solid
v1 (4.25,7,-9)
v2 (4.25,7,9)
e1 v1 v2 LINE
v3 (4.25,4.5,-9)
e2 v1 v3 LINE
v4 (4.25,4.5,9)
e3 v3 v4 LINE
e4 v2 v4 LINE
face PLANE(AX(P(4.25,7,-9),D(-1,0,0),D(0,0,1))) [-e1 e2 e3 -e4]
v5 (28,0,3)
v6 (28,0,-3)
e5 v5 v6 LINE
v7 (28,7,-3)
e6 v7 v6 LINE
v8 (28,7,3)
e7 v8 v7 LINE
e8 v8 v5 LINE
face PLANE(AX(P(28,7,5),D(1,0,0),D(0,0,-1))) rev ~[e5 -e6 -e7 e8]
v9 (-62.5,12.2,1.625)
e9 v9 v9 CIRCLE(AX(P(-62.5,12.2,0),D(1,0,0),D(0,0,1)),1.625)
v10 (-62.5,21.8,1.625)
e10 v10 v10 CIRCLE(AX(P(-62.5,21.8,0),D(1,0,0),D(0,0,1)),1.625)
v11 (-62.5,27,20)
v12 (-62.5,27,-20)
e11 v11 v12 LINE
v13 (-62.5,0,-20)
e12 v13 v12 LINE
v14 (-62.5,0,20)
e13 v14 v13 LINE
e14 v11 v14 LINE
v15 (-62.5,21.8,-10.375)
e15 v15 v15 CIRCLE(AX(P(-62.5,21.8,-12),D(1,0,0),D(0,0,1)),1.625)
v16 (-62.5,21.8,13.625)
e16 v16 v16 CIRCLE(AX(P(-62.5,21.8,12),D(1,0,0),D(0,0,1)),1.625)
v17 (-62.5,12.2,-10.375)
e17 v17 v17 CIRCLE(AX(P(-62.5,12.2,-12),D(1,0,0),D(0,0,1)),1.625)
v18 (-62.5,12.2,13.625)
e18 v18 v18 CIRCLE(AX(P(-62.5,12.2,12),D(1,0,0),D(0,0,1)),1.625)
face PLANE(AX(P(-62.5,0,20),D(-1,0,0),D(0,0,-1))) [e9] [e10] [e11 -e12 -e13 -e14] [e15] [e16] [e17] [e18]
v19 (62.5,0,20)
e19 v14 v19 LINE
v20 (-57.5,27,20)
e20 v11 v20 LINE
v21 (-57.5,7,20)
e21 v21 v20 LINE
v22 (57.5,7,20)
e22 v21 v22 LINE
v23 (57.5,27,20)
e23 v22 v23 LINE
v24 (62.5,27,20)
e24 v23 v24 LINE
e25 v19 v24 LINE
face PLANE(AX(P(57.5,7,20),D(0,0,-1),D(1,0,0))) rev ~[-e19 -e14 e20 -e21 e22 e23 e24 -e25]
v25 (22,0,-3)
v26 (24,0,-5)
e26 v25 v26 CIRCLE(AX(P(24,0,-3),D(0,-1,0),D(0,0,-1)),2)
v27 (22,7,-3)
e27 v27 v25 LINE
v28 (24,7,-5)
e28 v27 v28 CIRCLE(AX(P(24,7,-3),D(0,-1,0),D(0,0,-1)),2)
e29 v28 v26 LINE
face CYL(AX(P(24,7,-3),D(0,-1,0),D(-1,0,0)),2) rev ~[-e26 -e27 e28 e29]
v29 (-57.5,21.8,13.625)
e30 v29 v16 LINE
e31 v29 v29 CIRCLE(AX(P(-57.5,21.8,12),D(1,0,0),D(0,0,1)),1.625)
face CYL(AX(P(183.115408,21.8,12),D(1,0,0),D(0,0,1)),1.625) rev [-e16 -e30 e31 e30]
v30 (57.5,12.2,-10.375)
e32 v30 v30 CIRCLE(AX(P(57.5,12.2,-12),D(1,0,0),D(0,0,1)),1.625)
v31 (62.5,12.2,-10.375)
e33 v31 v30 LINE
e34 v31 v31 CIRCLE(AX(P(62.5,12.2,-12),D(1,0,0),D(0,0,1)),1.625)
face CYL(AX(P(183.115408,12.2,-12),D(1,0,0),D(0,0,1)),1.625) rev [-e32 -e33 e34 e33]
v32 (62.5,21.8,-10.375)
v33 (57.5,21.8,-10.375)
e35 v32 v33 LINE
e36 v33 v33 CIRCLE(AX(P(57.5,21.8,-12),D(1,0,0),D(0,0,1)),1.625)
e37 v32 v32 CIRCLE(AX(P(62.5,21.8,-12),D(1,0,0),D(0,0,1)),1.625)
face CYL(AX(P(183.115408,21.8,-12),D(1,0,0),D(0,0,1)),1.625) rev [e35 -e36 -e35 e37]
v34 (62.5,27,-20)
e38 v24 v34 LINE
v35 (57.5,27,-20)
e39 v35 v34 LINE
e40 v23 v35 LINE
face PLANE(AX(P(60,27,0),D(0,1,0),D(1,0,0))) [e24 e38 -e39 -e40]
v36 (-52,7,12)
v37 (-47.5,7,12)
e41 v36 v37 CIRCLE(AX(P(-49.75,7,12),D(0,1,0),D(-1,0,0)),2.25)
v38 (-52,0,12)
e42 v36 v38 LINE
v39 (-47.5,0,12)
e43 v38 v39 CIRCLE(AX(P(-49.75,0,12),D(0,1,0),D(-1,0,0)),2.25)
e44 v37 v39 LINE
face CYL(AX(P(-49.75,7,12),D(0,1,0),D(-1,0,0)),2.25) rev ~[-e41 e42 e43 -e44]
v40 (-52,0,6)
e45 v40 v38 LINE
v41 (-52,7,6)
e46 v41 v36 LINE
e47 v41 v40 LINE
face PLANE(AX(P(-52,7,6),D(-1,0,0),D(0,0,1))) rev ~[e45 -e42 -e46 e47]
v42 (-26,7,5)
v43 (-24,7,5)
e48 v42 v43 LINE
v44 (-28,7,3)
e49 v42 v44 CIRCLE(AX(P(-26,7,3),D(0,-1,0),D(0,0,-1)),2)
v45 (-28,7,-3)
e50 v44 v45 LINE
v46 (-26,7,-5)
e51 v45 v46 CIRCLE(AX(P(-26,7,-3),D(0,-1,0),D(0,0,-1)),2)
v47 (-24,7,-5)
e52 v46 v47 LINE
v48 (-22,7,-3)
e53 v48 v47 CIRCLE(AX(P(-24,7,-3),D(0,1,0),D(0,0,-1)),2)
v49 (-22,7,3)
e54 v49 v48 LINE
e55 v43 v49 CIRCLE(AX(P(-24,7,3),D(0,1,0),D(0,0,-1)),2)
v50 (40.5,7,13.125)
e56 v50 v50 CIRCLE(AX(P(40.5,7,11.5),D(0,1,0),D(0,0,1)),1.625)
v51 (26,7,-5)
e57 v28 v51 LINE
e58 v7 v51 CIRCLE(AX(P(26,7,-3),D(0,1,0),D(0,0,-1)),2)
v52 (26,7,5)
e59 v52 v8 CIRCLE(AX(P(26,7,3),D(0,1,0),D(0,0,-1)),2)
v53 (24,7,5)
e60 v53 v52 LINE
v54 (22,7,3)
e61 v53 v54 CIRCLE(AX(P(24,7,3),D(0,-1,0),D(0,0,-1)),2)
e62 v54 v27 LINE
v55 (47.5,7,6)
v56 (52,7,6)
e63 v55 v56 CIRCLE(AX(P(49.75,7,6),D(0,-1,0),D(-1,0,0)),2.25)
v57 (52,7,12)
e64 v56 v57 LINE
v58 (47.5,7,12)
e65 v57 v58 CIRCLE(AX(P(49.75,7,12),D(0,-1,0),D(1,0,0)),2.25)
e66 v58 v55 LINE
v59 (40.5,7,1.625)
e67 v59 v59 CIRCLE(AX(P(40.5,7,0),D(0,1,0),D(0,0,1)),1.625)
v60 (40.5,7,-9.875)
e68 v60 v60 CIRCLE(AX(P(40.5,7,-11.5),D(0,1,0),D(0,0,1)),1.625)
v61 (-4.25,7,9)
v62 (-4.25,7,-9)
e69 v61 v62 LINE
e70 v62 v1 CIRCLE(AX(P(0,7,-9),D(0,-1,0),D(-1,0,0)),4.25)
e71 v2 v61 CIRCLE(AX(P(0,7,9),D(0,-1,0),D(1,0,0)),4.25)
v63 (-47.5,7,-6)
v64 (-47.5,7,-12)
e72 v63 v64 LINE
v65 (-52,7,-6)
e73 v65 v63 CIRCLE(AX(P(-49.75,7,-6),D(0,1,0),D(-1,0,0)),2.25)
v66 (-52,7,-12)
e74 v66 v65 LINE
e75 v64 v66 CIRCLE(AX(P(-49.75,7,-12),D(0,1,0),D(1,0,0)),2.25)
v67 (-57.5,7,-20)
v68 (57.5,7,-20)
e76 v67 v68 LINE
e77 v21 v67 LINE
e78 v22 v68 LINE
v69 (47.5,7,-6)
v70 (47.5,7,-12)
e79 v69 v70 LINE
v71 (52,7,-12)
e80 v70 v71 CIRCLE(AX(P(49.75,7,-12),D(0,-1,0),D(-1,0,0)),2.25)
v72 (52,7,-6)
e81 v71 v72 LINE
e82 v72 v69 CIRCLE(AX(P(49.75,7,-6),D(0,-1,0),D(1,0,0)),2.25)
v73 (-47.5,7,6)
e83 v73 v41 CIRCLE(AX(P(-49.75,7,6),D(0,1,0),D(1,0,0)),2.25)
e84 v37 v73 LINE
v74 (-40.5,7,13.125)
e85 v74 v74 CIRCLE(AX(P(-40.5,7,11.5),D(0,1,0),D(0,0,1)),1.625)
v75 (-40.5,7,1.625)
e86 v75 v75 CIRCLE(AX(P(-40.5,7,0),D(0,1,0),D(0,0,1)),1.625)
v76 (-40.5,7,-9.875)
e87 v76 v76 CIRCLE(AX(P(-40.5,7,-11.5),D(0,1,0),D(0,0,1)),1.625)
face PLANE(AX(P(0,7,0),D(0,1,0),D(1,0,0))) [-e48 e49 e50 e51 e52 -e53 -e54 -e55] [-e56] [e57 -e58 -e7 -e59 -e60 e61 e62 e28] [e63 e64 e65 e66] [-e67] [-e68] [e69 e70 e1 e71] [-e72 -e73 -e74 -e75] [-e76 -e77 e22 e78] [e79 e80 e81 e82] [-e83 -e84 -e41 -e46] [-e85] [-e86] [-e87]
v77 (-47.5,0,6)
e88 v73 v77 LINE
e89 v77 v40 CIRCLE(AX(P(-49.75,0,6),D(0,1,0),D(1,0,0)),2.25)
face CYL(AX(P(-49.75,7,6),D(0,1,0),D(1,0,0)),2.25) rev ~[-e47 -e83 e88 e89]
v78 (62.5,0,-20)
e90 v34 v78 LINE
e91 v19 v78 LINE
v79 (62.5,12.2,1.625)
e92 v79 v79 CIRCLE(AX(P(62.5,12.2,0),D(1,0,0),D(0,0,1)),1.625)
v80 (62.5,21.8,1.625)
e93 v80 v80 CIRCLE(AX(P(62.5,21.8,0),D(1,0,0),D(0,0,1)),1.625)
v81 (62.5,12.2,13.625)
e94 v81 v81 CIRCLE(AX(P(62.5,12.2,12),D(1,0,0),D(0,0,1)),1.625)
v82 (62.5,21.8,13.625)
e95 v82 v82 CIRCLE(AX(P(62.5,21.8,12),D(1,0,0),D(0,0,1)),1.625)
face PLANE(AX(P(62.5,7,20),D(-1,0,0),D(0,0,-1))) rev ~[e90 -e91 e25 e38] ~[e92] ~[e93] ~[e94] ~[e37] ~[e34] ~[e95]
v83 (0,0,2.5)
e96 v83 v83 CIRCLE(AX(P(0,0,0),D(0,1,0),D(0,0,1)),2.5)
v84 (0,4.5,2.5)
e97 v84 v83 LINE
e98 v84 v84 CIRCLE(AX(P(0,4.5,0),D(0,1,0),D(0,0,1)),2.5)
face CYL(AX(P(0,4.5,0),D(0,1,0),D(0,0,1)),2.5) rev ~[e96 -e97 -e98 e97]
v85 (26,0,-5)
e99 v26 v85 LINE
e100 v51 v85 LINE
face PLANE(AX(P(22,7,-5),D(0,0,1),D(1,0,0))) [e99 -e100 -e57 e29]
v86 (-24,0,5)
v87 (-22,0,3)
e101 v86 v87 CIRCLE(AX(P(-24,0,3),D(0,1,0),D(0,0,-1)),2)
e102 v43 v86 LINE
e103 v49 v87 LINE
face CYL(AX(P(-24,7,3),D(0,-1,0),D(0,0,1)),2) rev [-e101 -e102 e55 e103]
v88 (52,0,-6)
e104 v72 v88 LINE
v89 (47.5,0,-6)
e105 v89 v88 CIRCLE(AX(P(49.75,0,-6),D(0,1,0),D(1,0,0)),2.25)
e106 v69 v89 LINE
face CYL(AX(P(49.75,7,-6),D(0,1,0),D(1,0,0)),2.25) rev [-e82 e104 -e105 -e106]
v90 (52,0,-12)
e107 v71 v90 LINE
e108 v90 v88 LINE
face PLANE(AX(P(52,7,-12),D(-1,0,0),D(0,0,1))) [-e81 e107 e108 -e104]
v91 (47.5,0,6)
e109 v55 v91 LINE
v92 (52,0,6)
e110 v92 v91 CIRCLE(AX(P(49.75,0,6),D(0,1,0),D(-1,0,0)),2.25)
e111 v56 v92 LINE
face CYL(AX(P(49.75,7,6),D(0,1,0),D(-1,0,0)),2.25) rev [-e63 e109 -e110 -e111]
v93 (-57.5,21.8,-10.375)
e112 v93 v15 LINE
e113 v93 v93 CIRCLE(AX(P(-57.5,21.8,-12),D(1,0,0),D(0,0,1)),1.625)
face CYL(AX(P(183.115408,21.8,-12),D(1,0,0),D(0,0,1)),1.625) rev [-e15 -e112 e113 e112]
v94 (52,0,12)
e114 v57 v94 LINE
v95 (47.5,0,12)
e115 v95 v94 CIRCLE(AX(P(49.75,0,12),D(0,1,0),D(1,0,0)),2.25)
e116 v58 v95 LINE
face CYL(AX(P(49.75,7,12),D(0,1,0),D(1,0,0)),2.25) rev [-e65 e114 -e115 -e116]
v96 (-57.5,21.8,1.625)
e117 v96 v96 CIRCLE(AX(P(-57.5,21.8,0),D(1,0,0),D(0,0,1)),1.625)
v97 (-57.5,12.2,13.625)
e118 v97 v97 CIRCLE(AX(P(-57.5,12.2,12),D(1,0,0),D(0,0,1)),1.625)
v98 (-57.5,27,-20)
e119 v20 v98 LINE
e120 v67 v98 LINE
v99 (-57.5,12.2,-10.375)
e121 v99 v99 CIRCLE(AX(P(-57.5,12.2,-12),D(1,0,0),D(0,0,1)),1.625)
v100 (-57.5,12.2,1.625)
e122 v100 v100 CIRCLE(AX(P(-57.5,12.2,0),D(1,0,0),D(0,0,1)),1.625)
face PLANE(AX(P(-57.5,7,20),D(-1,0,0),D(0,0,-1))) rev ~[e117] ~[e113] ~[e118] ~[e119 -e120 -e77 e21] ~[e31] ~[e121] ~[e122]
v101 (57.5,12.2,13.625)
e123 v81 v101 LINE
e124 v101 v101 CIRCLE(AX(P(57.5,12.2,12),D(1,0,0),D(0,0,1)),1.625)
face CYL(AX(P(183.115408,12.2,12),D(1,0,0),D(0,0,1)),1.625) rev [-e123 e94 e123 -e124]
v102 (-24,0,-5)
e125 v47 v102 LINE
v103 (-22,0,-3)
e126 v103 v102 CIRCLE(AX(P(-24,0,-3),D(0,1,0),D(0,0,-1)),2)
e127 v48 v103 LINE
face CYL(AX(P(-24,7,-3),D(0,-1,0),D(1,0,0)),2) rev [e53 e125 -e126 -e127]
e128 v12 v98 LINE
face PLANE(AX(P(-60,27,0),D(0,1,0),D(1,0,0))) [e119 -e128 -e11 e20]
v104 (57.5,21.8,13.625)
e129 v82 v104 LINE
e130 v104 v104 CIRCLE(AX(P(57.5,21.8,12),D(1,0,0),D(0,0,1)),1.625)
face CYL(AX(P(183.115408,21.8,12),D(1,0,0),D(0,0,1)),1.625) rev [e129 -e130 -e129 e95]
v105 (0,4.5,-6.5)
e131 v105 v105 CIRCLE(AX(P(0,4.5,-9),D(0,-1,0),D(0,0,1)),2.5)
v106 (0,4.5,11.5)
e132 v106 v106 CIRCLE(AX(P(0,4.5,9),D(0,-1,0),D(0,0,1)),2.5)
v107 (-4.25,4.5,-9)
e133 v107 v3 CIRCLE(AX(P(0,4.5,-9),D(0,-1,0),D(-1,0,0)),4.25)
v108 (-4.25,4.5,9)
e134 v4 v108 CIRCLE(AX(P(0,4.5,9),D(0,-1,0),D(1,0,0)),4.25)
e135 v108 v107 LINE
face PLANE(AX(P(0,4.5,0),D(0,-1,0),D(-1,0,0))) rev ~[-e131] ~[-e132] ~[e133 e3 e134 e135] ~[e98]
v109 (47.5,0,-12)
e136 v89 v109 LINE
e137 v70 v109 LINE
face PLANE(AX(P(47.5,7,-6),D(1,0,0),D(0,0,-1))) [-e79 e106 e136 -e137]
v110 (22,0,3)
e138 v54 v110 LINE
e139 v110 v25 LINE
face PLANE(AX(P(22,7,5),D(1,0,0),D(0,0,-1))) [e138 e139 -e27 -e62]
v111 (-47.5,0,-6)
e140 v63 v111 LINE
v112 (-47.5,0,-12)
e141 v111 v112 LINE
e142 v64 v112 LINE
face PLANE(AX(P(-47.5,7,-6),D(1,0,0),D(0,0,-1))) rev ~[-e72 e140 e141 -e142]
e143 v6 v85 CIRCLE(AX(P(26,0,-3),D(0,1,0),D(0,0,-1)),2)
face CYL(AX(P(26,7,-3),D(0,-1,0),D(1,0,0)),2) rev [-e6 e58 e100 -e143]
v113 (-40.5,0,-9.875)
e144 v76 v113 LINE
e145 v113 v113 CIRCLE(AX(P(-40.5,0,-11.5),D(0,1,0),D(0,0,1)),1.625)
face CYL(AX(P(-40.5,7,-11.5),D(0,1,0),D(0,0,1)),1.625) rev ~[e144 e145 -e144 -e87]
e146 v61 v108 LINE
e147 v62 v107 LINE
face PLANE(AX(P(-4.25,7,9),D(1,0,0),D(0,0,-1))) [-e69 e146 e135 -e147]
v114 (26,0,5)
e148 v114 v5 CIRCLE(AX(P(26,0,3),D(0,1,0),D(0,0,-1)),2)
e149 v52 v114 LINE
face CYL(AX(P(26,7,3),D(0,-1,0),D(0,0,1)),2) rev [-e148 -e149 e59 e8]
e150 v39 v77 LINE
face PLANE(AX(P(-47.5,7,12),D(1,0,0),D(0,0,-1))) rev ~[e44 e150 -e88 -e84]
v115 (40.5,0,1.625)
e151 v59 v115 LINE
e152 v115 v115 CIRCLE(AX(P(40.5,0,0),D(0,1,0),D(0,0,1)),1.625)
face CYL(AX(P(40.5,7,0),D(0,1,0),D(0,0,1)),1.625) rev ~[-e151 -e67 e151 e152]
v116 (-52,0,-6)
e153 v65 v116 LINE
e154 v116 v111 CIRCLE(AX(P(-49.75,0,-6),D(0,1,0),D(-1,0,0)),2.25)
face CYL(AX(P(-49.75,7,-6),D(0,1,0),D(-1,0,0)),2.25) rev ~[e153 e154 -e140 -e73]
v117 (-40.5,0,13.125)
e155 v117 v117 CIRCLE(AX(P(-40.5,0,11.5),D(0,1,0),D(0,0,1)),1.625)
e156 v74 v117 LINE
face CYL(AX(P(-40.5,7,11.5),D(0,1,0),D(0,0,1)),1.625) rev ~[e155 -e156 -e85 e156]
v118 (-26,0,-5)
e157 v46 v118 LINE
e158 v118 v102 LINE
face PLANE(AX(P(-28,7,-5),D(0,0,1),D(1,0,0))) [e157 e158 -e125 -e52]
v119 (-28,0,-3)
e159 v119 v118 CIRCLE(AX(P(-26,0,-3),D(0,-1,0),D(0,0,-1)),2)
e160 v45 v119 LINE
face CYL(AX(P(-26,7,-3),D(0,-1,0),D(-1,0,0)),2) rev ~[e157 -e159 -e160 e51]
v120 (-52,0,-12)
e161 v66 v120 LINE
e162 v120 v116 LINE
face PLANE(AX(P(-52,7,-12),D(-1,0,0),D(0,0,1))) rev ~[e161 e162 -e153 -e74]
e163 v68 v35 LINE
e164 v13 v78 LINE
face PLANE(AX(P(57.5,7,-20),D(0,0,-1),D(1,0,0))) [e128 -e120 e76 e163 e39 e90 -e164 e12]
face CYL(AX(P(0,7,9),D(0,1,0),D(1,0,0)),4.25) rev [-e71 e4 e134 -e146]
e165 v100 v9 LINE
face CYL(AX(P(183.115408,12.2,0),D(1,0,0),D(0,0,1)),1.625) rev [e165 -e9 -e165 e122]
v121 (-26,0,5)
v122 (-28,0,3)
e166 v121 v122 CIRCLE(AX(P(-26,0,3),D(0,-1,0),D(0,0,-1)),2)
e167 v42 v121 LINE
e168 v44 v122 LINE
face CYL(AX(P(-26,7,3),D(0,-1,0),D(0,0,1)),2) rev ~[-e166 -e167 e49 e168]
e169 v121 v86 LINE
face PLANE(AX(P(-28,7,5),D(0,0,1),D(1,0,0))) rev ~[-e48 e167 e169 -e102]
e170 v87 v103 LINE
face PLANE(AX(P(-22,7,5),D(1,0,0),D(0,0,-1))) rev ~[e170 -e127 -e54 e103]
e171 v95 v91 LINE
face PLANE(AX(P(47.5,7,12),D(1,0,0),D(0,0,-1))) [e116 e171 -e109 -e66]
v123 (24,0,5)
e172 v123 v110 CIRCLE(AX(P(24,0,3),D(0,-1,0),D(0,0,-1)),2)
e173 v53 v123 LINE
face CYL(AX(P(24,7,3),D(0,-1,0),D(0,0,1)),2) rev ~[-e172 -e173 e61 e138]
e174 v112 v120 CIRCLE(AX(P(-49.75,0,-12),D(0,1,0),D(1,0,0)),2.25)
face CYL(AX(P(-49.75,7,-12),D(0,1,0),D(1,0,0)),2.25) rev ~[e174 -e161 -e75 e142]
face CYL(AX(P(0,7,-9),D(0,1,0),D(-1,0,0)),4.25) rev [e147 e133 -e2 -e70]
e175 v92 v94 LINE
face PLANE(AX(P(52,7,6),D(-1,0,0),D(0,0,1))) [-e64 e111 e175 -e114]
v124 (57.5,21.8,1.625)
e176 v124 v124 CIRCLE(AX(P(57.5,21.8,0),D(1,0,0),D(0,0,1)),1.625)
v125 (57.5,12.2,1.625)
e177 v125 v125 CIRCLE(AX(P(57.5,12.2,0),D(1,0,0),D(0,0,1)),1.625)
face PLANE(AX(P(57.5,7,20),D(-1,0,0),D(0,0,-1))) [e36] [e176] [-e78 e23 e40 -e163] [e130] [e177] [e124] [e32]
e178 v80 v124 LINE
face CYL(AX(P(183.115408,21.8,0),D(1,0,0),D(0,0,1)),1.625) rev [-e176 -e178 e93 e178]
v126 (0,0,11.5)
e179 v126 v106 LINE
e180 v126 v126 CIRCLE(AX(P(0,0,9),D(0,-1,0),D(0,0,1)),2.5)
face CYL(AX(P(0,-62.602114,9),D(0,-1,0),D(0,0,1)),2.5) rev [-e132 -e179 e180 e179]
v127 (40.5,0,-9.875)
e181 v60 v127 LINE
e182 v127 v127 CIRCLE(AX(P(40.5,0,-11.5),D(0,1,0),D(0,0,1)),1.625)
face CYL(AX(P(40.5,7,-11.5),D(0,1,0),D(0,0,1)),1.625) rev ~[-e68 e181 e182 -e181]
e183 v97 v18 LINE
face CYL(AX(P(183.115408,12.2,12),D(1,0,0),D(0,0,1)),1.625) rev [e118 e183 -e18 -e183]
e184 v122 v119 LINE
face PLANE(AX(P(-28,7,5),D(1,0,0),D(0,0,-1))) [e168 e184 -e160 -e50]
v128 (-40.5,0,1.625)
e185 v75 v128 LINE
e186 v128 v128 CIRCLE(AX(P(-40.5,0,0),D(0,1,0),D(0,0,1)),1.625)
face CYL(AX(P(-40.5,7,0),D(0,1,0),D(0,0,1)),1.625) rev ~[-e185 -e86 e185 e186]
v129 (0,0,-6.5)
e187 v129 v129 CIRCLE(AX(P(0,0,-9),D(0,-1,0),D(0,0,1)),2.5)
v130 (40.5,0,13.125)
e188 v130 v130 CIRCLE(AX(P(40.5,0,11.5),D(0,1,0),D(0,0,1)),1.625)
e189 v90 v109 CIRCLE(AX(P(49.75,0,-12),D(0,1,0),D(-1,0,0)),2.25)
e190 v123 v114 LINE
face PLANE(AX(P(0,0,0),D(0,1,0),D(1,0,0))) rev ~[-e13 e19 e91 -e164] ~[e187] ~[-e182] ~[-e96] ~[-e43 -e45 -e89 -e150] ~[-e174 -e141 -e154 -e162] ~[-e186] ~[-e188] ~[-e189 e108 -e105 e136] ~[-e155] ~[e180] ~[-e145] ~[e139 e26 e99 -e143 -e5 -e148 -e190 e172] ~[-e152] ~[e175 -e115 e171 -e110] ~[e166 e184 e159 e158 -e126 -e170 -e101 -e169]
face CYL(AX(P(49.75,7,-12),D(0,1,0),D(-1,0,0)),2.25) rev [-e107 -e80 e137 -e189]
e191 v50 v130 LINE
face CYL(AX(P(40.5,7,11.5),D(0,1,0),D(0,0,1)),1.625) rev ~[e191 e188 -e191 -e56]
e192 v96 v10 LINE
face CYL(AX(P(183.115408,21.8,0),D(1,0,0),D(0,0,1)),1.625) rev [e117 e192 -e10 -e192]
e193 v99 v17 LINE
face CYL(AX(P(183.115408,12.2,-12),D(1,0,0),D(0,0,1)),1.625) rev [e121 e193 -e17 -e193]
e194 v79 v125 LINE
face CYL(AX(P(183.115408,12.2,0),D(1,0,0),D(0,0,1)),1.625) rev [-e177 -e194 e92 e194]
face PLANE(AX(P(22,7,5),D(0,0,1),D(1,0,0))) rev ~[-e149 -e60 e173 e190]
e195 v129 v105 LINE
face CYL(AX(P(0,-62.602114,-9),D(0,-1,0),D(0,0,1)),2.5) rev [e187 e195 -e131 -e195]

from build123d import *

# Parameters (mm, degrees)
ESBO_O1_W                  = 125
ESBO_O1_H                  = 40
BASE_DEPTH                 = 7
ESBO_O2_W                  = 5
ESBO_O2_H                  = 40
SUPORTE_LATERAL_DEPTH      = 20
ESBO_O3_R                  = 1.625
FURO_MOTOR_DEPTH           = 7
ESBO_O4_W                  = 6
ESBO_O4_H                  = 10
CORTE_EXTRUS_O2_DEPTH      = 69.60211367
CORTE_EXTRUS_O3_DEPTH      = 69.60211367
CORTE_EXTRUS_O3_DEPTH_BACK = 69.60211367
ESBO_O5_R                  = 2.5
CORTE_EXTRUS_O4_DEPTH      = 69.60211367
CORTE_EXTRUS_O5_DEPTH      = 2.5
ESBO_O9_R                  = 2.5
CORTE_EXTRUS_O6_DEPTH      = 70.372184628
CORTE_EXTRUS_O7_DEPTH      = 125.615408357
CORTE_EXTRUS_O7_DEPTH_BACK = 125.615408357
ESBO_O10_R                 = 1.625
FILETE1_R                  = 2


with BuildPart() as part:
    # Esboço1 → base (new body)
    with BuildSketch(Plane(origin=(0, 0, 0), x_dir=(1, 0, 0), z_dir=(0, 1, 0))):
        Rectangle(ESBO_O1_W, ESBO_O1_H)
    extrude(amount=BASE_DEPTH)

    # Esboço2 → suporte lateral (add)
    with BuildSketch(Plane(origin=(0, 7, 0), x_dir=(1, 0, 0), z_dir=(0, 1, 0))):
        with Locations((60, 0)):
            Rectangle(ESBO_O2_W, ESBO_O2_H)
        with Locations((-60, 0)):
            Rectangle(ESBO_O2_W, ESBO_O2_H)
    extrude(amount=SUPORTE_LATERAL_DEPTH)

    # Esboço3 → furo motor (cut)
    with BuildSketch(Plane(origin=(0, 7, 0), x_dir=(1, 0, 0), z_dir=(0, 1, 0))):
        with Locations(Location((-40.5, 0, 0), (0, 0, 270))):
            Circle(ESBO_O3_R)
        with Locations(Location((-40.5, 11.5, 0), (0, 0, 270))):
            Circle(ESBO_O3_R)
        with Locations(Location((-40.5, -11.5, 0), (0, 0, 270))):
            Circle(ESBO_O3_R)
        with Locations(Location((40.5, 11.5, 0), (0, 0, 270))):
            Circle(ESBO_O3_R)
        with Locations(Location((40.5, 0, 0), (0, 0, 270))):
            Circle(ESBO_O3_R)
        with Locations(Location((40.5, -11.5, 0), (0, 0, 270))):
            Circle(ESBO_O3_R)
    extrude(amount=-FURO_MOTOR_DEPTH, mode=Mode.SUBTRACT)

    # Esboço4 → Corte-extrusão2 (cut, through all)
    with BuildSketch(Plane(origin=(0, 7, 0), x_dir=(1, 0, 0), z_dir=(0, 1, 0))):
        with Locations((25, 0)):
            Rectangle(ESBO_O4_W, ESBO_O4_H)
        with Locations((-25, 0)):
            Rectangle(ESBO_O4_W, ESBO_O4_H)
    extrude(amount=-CORTE_EXTRUS_O2_DEPTH, mode=Mode.SUBTRACT)

    # Esboço5 → Corte-extrusão3 (cut, two sides: drawn at the far end of the back side and taken through both)
    with BuildSketch(Plane(origin=(0, 7, 0), x_dir=(1, 0, 0), z_dir=(0, 1, 0)).offset(-CORTE_EXTRUS_O3_DEPTH_BACK)):
        with Locations(Location((0, 9, 0), (0, 0, 270))):
            Circle(ESBO_O5_R)
        with Locations(Location((0, -9, 0), (0, 0, 270))):
            Circle(ESBO_O5_R)
    extrude(amount=CORTE_EXTRUS_O3_DEPTH + CORTE_EXTRUS_O3_DEPTH_BACK, mode=Mode.SUBTRACT)

    # Esboço7 → Corte-extrusão4 (cut, through all)
    with BuildSketch(Plane(origin=(0, 7, 0), x_dir=(1, 0, 0), z_dir=(0, 1, 0))):
        with BuildLine():
            ThreePointArc((52, 6), (49.75, 3.75), (47.5, 6))
            Line((47.5, 6), (47.5, 12))
            ThreePointArc((47.5, 12), (49.75, 14.25), (52, 12))
            Line((52, 12), (52, 6))
        make_face()
        with BuildLine():
            ThreePointArc((47.5, -6), (49.75, -3.75), (52, -6))
            Line((52, -6), (52, -12))
            ThreePointArc((52, -12), (49.75, -14.25), (47.5, -12))
            Line((47.5, -12), (47.5, -6))
        make_face()
        with BuildLine():
            Line((-52, -6), (-52, -12))
            ThreePointArc((-52, -12), (-49.75, -14.25), (-47.5, -12))
            Line((-47.5, -12), (-47.5, -6))
            ThreePointArc((-47.5, -6), (-49.75, -3.75), (-52, -6))
        make_face()
        with BuildLine():
            ThreePointArc((-47.5, 12), (-49.75, 14.25), (-52, 12))
            Line((-52, 12), (-52, 6))
            ThreePointArc((-52, 6), (-49.75, 3.75), (-47.5, 6))
            Line((-47.5, 6), (-47.5, 12))
        make_face()
    extrude(amount=-CORTE_EXTRUS_O4_DEPTH, mode=Mode.SUBTRACT)

    # Esboço8 → Corte-extrusão5 (cut)
    with BuildSketch(Plane(origin=(0, 7, 0), x_dir=(1, 0, 0), z_dir=(0, 1, 0))):
        with BuildLine():
            Line((4.25, 9), (4.25, -9))
            ThreePointArc((4.25, -9), (0, -13.25), (-4.25, -9))
            Line((-4.25, -9), (-4.25, 9))
            ThreePointArc((-4.25, 9), (0, 13.25), (4.25, 9))
        make_face()
    extrude(amount=-CORTE_EXTRUS_O5_DEPTH, mode=Mode.SUBTRACT)

    # Esboço9 → Corte-extrusão6 (cut, through all)
    with BuildSketch(Plane(origin=(0, 4.5, 0), x_dir=(1, 0, 0), z_dir=(0, 1, 0))):
        with Locations(Location((0, 0, 0), (0, 0, 270))):
            Circle(ESBO_O9_R)
    extrude(amount=-CORTE_EXTRUS_O6_DEPTH, mode=Mode.SUBTRACT)

    # Esboço10 → Corte-extrusão7 (cut, two sides: drawn at the far end of the back side and taken through both)
    with BuildSketch(Plane.ZY.offset(-57.5).offset(-CORTE_EXTRUS_O7_DEPTH_BACK)):
        with Locations((-12, 21.8)):
            Circle(ESBO_O10_R)
        with Locations((0, 21.8)):
            Circle(ESBO_O10_R)
        with Locations((12, 21.8)):
            Circle(ESBO_O10_R)
        with Locations((-12, 12.2)):
            Circle(ESBO_O10_R)
        with Locations((0, 12.2)):
            Circle(ESBO_O10_R)
        with Locations((12, 12.2)):
            Circle(ESBO_O10_R)
    extrude(amount=CORTE_EXTRUS_O7_DEPTH + CORTE_EXTRUS_O7_DEPTH_BACK, mode=Mode.SUBTRACT)

    # Filete1
    filete1_edges = [part.edges().sort_by_distance(p)[0] for p in [
        (22, 3.5, 5),
        (22, 3.5, -5),
        (28, 3.5, -5),
        (28, 3.5, 5),
        (-28, 3.5, 5),
        (-28, 3.5, -5),
        (-22, 3.5, -5),
        (-22, 3.5, 5),
    ]]
    fillet(filete1_edges, radius=FILETE1_R)


solid = part.part
